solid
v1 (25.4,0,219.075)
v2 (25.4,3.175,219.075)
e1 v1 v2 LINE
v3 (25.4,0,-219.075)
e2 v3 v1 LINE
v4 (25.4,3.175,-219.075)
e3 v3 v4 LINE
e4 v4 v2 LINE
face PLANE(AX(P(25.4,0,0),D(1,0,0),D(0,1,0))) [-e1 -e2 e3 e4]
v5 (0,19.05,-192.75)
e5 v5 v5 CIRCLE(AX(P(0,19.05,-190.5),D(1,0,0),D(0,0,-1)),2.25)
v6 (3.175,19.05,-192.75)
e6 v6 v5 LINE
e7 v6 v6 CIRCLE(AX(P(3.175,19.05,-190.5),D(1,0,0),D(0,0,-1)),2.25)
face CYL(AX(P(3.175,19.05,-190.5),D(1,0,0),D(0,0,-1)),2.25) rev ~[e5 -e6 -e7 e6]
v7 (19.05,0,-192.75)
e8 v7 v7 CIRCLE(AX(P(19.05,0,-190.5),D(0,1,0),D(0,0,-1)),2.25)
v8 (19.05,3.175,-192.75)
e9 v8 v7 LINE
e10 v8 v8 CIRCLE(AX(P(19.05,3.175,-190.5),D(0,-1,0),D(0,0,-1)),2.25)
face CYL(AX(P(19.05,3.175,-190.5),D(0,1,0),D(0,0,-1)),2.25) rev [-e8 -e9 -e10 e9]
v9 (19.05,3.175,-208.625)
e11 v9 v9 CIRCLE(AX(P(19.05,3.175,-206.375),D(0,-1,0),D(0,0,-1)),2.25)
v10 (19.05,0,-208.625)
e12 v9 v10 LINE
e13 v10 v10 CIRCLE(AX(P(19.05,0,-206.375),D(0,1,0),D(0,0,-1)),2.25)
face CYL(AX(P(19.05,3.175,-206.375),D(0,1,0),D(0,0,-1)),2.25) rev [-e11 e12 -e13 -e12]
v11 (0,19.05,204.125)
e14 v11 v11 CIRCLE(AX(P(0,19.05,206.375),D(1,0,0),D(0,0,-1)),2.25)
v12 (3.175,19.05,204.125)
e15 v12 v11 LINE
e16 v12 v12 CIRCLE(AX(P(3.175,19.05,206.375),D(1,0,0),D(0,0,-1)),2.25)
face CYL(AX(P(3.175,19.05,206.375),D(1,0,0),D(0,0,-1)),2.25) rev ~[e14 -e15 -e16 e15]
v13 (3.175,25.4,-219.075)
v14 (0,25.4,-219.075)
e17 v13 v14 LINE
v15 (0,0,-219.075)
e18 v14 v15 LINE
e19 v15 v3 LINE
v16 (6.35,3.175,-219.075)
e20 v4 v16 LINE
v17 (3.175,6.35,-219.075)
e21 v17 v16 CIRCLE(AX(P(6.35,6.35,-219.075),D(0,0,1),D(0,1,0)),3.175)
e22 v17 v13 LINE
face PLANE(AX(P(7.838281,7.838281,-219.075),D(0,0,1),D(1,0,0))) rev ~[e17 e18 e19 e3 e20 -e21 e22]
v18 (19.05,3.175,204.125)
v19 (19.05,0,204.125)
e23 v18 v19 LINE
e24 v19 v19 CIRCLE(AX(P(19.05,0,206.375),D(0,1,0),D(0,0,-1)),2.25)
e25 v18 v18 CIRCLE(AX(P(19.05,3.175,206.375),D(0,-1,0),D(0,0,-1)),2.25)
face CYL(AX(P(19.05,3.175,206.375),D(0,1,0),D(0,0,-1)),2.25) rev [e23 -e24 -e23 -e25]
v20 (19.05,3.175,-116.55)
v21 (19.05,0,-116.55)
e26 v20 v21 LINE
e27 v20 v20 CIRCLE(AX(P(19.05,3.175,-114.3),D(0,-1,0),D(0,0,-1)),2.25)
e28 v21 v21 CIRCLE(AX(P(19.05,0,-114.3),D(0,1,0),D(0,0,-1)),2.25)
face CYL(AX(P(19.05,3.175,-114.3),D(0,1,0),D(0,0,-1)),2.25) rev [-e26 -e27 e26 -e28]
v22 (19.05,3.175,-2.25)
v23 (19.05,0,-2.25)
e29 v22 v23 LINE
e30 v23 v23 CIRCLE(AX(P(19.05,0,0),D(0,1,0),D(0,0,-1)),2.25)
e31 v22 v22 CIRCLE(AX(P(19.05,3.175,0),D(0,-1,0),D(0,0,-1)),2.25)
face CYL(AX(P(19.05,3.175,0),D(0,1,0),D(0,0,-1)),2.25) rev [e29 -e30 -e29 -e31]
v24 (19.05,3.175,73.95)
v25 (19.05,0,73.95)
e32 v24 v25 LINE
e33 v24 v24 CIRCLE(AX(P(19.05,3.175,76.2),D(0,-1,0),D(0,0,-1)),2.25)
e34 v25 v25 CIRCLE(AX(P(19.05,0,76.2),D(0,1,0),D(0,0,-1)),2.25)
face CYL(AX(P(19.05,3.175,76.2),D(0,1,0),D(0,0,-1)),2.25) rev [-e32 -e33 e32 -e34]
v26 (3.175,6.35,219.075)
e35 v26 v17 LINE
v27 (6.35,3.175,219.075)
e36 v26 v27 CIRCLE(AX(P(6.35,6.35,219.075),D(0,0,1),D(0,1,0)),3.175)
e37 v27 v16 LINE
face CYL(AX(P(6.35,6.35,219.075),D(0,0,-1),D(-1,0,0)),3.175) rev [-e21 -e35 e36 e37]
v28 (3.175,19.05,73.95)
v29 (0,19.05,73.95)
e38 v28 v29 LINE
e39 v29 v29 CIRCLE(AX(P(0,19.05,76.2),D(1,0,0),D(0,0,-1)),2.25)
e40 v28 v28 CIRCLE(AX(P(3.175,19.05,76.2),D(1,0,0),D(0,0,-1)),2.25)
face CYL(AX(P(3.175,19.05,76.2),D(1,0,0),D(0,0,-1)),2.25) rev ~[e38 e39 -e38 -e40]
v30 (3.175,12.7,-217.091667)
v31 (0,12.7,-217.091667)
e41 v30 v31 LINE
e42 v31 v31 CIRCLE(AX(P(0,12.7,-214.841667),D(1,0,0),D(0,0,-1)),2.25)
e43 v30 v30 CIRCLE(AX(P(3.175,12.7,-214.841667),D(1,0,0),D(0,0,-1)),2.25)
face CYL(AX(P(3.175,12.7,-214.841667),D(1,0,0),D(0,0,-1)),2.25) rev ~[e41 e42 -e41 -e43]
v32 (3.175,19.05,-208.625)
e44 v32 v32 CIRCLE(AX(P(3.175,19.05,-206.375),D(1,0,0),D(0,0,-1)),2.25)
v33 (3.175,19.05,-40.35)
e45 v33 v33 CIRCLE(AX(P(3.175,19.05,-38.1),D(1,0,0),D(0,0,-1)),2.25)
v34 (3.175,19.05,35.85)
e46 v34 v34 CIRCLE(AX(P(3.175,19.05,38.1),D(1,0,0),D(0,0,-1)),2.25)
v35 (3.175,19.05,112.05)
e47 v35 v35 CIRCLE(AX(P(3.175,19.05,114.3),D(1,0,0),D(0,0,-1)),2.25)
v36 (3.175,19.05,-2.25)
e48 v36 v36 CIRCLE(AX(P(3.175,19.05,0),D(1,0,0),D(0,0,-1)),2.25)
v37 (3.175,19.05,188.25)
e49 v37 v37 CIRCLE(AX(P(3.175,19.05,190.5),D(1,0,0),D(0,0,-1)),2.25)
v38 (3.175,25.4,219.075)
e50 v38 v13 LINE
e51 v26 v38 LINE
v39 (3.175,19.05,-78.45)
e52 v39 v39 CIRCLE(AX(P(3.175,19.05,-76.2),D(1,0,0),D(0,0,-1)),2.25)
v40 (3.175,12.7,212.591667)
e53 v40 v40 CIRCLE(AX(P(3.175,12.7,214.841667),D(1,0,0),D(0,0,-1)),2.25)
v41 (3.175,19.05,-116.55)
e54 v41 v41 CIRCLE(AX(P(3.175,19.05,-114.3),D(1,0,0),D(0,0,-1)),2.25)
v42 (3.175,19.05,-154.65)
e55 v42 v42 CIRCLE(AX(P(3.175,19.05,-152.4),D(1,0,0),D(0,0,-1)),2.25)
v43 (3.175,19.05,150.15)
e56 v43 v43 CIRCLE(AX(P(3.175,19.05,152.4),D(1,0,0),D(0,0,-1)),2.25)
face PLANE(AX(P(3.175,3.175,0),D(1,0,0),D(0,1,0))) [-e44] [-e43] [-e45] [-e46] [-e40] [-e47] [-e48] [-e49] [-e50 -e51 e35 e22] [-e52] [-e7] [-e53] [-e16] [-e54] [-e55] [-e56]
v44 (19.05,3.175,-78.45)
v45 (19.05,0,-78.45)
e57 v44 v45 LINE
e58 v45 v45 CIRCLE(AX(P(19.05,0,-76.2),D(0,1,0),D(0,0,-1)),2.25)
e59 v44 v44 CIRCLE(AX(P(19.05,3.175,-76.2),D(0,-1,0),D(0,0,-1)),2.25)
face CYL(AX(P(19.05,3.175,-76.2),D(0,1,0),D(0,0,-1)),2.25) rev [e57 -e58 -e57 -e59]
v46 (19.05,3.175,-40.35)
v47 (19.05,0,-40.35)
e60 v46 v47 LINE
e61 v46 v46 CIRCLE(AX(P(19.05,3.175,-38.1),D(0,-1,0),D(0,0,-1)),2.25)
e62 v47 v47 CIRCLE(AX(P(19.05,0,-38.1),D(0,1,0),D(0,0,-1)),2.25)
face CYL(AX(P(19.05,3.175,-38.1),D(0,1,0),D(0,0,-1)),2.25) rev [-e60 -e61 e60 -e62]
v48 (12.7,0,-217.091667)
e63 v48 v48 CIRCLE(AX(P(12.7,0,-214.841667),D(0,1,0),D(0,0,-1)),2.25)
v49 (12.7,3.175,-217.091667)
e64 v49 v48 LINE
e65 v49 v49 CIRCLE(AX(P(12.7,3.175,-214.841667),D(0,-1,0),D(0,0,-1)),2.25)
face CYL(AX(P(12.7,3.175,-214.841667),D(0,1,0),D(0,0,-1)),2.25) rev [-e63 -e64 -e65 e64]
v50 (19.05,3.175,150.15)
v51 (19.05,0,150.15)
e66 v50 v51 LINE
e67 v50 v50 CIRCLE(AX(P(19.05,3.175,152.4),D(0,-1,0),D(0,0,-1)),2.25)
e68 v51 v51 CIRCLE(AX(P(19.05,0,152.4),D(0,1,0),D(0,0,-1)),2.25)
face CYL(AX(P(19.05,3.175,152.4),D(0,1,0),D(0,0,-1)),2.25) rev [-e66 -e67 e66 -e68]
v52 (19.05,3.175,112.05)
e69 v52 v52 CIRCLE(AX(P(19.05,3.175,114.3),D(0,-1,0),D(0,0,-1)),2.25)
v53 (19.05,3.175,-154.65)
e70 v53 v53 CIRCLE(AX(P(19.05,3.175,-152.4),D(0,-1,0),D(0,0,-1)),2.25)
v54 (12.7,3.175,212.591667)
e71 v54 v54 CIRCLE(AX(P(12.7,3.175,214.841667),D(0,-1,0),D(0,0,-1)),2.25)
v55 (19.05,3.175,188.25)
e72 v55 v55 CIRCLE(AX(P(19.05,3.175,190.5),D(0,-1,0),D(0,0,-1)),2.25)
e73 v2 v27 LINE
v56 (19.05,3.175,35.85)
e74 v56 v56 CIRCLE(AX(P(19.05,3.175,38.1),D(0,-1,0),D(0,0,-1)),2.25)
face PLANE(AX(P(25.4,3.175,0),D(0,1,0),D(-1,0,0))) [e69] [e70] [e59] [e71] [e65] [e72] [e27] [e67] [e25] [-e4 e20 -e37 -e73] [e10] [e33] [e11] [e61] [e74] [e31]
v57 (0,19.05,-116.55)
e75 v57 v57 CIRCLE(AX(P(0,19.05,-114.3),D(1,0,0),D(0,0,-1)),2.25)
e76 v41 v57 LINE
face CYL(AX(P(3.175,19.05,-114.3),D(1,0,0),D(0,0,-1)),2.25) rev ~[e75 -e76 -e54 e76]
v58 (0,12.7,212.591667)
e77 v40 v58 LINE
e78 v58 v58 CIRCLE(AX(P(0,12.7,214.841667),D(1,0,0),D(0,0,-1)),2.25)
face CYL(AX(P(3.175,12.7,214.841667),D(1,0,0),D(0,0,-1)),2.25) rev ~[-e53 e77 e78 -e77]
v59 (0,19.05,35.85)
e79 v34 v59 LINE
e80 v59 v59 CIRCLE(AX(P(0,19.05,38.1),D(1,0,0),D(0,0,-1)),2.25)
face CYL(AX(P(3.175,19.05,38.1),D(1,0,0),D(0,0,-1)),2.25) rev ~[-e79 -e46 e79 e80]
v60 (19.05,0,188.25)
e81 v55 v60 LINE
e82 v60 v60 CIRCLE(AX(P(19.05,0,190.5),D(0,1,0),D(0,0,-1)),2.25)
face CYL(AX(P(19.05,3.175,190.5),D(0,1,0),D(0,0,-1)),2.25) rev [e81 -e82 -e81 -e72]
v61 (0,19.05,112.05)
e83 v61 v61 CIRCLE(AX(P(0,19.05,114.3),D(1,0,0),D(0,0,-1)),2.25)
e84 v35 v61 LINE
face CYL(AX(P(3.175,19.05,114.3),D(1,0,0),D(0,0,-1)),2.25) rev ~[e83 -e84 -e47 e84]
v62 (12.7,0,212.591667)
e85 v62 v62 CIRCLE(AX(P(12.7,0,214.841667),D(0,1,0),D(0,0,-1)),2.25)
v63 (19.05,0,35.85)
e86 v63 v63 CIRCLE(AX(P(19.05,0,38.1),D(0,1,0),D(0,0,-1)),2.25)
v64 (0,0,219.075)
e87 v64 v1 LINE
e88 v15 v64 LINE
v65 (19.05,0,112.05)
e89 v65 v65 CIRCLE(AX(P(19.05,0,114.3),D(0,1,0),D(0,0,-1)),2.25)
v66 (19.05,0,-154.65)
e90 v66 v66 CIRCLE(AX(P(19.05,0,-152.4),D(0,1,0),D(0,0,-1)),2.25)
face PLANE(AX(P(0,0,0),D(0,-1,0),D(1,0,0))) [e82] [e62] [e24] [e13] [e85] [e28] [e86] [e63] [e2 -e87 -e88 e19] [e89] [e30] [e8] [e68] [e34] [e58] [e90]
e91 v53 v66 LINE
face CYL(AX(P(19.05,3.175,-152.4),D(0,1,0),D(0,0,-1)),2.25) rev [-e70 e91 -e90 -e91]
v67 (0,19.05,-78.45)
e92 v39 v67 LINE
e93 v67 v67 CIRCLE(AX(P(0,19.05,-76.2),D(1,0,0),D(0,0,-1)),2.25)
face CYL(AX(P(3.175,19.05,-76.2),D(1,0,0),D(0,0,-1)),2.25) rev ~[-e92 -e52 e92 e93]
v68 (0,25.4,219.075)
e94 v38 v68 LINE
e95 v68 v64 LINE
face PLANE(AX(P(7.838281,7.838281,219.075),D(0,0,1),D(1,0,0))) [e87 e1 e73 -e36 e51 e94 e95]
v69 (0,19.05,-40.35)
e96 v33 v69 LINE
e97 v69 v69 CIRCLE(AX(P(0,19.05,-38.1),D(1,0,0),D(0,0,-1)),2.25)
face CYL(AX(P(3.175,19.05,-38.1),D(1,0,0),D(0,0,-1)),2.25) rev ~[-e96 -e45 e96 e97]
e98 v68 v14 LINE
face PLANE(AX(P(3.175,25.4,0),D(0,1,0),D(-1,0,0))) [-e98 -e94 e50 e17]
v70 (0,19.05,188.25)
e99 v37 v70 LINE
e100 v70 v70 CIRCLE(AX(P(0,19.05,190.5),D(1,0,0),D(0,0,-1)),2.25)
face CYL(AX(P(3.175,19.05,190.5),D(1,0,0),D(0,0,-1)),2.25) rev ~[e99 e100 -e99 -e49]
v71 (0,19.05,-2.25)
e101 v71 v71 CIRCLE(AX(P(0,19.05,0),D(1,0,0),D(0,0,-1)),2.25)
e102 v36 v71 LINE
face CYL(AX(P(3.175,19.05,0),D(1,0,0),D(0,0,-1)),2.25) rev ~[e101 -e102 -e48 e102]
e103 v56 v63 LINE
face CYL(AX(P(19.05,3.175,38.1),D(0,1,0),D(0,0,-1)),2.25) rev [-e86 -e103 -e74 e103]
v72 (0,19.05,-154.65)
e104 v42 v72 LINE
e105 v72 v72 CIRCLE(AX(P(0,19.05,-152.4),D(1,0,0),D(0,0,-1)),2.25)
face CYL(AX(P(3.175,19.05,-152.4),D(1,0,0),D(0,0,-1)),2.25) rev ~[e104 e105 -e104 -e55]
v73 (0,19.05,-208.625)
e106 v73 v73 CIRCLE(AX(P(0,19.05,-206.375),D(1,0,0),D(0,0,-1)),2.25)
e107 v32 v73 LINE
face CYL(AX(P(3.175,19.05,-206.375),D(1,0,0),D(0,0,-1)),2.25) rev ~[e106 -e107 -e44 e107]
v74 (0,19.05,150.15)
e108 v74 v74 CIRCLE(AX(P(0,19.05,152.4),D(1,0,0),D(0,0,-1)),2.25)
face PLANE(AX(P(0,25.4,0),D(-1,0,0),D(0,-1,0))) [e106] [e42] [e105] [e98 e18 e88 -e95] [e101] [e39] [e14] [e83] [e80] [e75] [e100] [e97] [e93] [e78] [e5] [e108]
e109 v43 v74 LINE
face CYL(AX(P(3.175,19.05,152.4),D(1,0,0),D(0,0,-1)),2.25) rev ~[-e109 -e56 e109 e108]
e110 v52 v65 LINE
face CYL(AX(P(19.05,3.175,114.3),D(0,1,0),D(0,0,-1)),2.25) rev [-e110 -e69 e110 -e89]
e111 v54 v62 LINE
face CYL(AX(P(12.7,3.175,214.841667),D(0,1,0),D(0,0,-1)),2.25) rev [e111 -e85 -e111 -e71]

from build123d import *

# Parameters (mm, degrees)
BOSS_EXTRUDE1_DEPTH = 219.075
FILLET1_R           = 3.175
SKETCH2_R           = 2.25
CUT_EXTRUDE1_DEPTH  = 4.175


with BuildPart() as part:
    # Sketch1 → Boss-Extrude1 (new body, symmetric)
    with BuildSketch(Plane.XY):
        Polygon((0, 25.4), (0, 0), (25.4, 0), (25.4, 3.175), (3.175, 3.175), (3.175, 25.4), align=None)
    extrude(amount=BOSS_EXTRUDE1_DEPTH, both=True)

    # Fillet1
    fillet1_edges = [part.edges().sort_by_distance(p)[0] for p in [
        (3.175, 3.175, 0),
    ]]
    fillet(fillet1_edges, radius=FILLET1_R)

    # Sketch2 → Cut-Extrude1 (cut, through all)
    with BuildSketch(Plane(origin=(3.175, 0, 0), x_dir=(0, 0, -1), z_dir=(1, 0, 0))):
        with Locations((-214.841666667, 12.7)):
            Circle(SKETCH2_R)
        with Locations((-206.375, 19.05)):
            Circle(SKETCH2_R)
        with Locations((214.841666667, 12.7)):
            Circle(SKETCH2_R)
        with Locations((206.375, 19.05)):
            Circle(SKETCH2_R)
        with Locations((-190.5, 19.05)):
            Circle(SKETCH2_R)
        with Locations((-152.4, 19.05)):
            Circle(SKETCH2_R)
        with Locations((-114.3, 19.05)):
            Circle(SKETCH2_R)
        with Locations((-76.2, 19.05)):
            Circle(SKETCH2_R)
        with Locations((-38.1, 19.05)):
            Circle(SKETCH2_R)
        with Locations((0, 19.05)):
            Circle(SKETCH2_R)
        with Locations((38.1, 19.05)):
            Circle(SKETCH2_R)
        with Locations((76.2, 19.05)):
            Circle(SKETCH2_R)
        with Locations((114.3, 19.05)):
            Circle(SKETCH2_R)
        with Locations((152.4, 19.05)):
            Circle(SKETCH2_R)
        with Locations((190.5, 19.05)):
            Circle(SKETCH2_R)
    cut_extrude1 = extrude(amount=-CUT_EXTRUDE1_DEPTH, mode=Mode.SUBTRACT)

    # Mirror1: Cut-Extrude1 across plane
    add(cut_extrude1.mirror(Plane(origin=(0, 0, 0), x_dir=(0, 0, 1), z_dir=(0.707106781, -0.707106781, 0))), mode=Mode.SUBTRACT)


solid = part.part
